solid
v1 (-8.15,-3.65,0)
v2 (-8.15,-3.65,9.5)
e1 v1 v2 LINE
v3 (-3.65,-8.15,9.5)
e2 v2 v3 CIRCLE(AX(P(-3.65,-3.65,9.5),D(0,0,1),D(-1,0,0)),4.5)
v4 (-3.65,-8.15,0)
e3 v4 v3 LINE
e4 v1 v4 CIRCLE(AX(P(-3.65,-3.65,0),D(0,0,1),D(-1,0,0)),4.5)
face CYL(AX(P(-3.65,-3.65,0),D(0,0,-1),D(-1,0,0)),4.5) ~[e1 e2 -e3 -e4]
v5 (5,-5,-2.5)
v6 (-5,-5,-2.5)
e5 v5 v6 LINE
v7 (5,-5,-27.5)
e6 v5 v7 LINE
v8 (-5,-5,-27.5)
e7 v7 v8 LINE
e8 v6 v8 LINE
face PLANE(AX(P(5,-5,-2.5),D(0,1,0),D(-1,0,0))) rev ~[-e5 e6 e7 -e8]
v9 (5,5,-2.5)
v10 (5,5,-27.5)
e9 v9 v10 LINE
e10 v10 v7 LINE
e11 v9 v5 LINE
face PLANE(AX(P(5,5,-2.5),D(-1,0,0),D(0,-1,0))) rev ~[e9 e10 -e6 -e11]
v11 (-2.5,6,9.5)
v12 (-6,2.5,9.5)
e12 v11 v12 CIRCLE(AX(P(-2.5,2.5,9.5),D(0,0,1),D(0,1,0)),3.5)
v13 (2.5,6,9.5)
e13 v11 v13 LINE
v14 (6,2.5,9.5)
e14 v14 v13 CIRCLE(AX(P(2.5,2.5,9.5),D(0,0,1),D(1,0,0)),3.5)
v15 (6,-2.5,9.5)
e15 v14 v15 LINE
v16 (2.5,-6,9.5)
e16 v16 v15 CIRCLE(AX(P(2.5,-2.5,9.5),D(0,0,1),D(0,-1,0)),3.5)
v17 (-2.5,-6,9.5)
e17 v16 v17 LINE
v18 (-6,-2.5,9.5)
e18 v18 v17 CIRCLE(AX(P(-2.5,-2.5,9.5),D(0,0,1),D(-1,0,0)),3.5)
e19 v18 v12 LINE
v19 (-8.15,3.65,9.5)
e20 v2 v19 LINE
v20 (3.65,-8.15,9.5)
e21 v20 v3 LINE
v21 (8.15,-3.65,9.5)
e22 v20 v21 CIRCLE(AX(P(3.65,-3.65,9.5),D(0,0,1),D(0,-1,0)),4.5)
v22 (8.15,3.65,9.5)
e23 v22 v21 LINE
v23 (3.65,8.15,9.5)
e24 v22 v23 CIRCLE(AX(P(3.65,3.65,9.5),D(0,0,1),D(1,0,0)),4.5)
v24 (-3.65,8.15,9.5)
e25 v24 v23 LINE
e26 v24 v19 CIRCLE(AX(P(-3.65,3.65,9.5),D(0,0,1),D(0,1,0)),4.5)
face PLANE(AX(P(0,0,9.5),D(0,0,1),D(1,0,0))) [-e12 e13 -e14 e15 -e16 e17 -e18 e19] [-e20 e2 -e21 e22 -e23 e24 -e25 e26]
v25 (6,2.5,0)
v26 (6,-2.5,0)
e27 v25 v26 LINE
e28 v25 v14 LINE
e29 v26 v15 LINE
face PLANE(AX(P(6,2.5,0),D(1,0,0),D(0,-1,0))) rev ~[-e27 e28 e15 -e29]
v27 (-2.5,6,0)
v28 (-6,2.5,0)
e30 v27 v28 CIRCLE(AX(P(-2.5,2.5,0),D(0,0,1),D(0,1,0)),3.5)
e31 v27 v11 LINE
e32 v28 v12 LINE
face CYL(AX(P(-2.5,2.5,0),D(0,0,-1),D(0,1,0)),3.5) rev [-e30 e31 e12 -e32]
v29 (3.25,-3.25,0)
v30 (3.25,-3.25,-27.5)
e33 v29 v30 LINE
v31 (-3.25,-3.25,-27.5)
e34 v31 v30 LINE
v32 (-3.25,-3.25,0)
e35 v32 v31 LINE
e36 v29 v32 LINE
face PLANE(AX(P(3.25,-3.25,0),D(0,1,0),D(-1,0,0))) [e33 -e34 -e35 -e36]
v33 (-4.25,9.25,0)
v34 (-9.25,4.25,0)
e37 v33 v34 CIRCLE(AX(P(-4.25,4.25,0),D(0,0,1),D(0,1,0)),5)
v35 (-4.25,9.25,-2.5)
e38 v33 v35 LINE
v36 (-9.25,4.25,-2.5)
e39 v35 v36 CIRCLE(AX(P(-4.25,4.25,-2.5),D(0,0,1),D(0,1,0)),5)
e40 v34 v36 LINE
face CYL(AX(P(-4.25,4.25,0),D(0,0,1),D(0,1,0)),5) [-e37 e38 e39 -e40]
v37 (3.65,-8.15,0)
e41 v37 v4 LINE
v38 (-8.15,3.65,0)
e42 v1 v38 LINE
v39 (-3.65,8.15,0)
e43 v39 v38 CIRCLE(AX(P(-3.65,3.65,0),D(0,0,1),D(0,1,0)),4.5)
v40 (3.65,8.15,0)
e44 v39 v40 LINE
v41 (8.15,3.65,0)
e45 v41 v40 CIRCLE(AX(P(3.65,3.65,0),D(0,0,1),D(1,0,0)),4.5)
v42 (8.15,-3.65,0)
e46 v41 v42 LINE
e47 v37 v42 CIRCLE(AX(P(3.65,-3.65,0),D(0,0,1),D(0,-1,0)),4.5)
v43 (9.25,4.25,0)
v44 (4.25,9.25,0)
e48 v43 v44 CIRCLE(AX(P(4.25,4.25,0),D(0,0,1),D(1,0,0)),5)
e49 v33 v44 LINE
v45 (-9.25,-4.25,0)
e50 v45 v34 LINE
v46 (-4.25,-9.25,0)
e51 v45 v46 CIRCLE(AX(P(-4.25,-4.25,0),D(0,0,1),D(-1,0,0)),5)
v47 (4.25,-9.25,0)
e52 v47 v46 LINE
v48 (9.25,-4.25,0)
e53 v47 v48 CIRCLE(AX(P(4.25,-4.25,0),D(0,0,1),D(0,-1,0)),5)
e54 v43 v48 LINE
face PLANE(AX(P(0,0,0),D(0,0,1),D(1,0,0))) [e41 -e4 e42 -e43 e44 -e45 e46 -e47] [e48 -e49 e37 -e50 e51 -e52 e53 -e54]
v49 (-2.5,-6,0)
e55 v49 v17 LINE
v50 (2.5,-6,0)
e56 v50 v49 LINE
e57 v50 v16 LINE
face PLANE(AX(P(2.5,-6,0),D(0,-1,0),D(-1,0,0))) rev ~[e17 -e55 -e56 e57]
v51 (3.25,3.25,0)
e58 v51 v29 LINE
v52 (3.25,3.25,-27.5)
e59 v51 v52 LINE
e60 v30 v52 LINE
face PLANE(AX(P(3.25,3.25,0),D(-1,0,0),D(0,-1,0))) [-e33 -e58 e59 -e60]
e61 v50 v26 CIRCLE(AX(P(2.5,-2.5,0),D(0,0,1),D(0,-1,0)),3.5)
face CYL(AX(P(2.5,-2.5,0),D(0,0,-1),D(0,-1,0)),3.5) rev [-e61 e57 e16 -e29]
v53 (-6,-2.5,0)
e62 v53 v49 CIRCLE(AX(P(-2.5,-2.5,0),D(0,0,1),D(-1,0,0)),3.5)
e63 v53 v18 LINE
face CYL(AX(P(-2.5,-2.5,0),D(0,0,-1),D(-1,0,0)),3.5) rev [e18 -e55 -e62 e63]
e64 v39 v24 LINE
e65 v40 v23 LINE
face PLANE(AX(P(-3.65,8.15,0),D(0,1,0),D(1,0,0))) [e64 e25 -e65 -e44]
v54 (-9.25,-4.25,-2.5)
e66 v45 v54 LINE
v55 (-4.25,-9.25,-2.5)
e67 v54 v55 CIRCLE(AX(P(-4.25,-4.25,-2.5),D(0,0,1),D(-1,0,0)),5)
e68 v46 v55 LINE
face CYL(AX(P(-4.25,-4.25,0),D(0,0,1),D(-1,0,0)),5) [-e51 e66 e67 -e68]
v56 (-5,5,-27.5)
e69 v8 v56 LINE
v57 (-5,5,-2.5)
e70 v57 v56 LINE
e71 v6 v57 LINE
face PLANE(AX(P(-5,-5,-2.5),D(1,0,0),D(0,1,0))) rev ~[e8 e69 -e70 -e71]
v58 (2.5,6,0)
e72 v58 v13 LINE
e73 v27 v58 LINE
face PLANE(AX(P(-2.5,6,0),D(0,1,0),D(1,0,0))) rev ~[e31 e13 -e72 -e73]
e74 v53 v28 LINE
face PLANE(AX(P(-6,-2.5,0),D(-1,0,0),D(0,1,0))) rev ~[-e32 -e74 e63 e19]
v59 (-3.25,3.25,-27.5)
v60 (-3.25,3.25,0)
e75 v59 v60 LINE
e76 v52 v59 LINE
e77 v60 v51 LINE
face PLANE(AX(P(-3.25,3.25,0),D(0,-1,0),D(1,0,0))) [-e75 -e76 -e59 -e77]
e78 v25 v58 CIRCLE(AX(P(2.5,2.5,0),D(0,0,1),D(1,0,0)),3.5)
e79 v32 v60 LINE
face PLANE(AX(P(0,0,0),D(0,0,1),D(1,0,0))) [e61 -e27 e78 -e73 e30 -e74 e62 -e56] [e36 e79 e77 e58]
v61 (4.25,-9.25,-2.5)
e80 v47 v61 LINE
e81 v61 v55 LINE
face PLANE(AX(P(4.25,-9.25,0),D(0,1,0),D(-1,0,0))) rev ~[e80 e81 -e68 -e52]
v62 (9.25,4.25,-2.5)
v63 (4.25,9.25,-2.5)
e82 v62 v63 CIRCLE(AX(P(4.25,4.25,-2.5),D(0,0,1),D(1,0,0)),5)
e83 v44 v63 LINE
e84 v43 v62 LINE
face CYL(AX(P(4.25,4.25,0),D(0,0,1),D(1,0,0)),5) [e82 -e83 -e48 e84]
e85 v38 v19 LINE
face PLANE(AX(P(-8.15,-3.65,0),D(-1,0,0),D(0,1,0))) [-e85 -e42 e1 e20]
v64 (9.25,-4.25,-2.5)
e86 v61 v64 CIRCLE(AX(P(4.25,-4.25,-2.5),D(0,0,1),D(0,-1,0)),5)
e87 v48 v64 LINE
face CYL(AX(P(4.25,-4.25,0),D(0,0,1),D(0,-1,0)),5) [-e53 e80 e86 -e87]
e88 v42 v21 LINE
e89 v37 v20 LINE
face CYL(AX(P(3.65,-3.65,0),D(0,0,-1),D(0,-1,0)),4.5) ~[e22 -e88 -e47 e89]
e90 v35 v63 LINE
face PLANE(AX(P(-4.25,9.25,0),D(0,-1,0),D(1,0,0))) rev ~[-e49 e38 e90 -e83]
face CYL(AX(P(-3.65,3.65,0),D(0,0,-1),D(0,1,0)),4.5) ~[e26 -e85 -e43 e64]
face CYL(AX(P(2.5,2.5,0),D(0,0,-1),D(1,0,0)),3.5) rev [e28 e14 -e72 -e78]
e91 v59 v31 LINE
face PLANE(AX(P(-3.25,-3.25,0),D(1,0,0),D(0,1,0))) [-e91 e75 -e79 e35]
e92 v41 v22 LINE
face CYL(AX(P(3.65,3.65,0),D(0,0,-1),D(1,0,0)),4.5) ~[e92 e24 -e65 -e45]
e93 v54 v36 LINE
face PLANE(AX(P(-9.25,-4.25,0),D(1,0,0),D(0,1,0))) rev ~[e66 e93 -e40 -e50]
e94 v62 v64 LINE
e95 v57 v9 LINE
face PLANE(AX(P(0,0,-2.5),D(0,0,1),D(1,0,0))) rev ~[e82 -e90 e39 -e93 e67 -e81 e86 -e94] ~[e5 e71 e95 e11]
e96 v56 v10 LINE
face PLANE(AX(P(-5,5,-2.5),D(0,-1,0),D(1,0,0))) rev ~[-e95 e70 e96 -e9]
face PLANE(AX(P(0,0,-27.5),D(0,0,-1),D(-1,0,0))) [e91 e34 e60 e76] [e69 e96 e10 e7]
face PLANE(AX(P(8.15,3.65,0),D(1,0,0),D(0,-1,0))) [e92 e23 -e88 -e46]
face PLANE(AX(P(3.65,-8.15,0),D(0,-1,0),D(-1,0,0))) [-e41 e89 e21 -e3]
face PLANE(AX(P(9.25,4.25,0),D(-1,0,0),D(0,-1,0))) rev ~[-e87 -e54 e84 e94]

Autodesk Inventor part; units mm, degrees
ref_plane "YZ Plane" through (0, 0, 0) normal (1, 0, 0) x (0, 1, 0)
ref_plane "XZ Plane" through (0, 0, 0) normal (0, 1, 0) x (-1, 0, 0)
ref_plane "XY Plane" through (0, 0, 0) normal (0, 0, 1) x (1, 0, 0)
sketch "Boceto1" plane through (0, 0, 0) normal (0, 0, 1) x (1, 0, 0)
  line L0 (-4.25, 9.25) -> (4.25, 9.25)
  line L1 (9.25, 4.25) -> (9.25, -4.25)
  line L2 (4.25, -9.25) -> (-4.25, -9.25)
  line L3 (-9.25, -4.25) -> (-9.25, 4.25)
  arc A0 (-4.25, 9.25) -> (-9.25, 4.25) centre (-4.25, 4.25) ccw
  arc A1 (-9.25, -4.25) -> (-4.25, -9.25) centre (-4.25, -4.25) ccw
  arc A2 (4.25, -9.25) -> (9.25, -4.25) centre (4.25, -4.25) ccw
  arc A3 (9.25, 4.25) -> (4.25, 9.25) centre (4.25, 4.25) ccw
  line L4 (-3.25, 3.25) -> (3.25, 3.25)
  line L5 (3.25, 3.25) -> (3.25, -3.25)
  line L6 (3.25, -3.25) -> (-3.25, -3.25)
  line L7 (-3.25, -3.25) -> (-3.25, 3.25)
  line L8 (-3.25, 3.25) -> (3.25, -3.25) construction
  line L9 (3.25, 3.25) -> (-3.25, -3.25) construction
  point P0 (0, 0)
  dimension "d32" = 6.5
  dimension "d33" = 6.5
extrude "Extrusión1" add sketch "Boceto1" against normal blind 2.5
sketch "Boceto3" plane through (0, 0, -2.5) normal (0, 0, -1) x (-1, 0, 0)
  line L0 (-5, -5) -> (5, -5)
  line L1 (5, -5) -> (5, 5)
  line L2 (5, 5) -> (-5, 5)
  line L3 (-5, 5) -> (-5, -5)
  line L4 (-3.25, 3.25) -> (3.25, 3.25)
  line L5 (3.25, 3.25) -> (3.25, -3.25)
  line L6 (3.25, -3.25) -> (-3.25, -3.25)
  line L7 (-3.25, -3.25) -> (-3.25, 3.25)
extrude "Extrusión2" add sketch "Boceto3" along normal blind 25
sketch "Boceto4" plane through (0, 0, 0) normal (0, 0, 1) x (1, 0, 0)
  line L0 (-3.65, 8.15) -> (3.65, 8.15)
  line L1 (8.15, 3.65) -> (8.15, -3.65)
  line L2 (3.65, -8.15) -> (-3.65, -8.15)
  line L3 (-8.15, -3.65) -> (-8.15, 3.65)
  arc A0 (3.65, -8.15) -> (8.15, -3.65) centre (3.65, -3.65) ccw
  arc A1 (-8.15, -3.65) -> (-3.65, -8.15) centre (-3.65, -3.65) ccw
  arc A2 (-3.65, 8.15) -> (-8.15, 3.65) centre (-3.65, 3.65) ccw
  arc A3 (8.15, 3.65) -> (3.65, 8.15) centre (3.65, 3.65) ccw
  line L4 (-2.5, 6) -> (2.5, 6)
  line L5 (6, 2.5) -> (6, -2.5)
  line L6 (2.5, -6) -> (-2.5, -6)
  line L7 (-6, -2.5) -> (-6, 2.5)
  arc A4 (6, 2.5) -> (2.5, 6) centre (2.5, 2.5) ccw
  arc A5 (2.5, -6) -> (6, -2.5) centre (2.5, -2.5) ccw
  arc A6 (-6, -2.5) -> (-2.5, -6) centre (-2.5, -2.5) ccw
  arc A7 (-2.5, 6) -> (-6, 2.5) centre (-2.5, 2.5) ccw
extrude "Extrusión3" add sketch "Boceto4" along normal blind 9.5
properties part number "_3DPrint"
